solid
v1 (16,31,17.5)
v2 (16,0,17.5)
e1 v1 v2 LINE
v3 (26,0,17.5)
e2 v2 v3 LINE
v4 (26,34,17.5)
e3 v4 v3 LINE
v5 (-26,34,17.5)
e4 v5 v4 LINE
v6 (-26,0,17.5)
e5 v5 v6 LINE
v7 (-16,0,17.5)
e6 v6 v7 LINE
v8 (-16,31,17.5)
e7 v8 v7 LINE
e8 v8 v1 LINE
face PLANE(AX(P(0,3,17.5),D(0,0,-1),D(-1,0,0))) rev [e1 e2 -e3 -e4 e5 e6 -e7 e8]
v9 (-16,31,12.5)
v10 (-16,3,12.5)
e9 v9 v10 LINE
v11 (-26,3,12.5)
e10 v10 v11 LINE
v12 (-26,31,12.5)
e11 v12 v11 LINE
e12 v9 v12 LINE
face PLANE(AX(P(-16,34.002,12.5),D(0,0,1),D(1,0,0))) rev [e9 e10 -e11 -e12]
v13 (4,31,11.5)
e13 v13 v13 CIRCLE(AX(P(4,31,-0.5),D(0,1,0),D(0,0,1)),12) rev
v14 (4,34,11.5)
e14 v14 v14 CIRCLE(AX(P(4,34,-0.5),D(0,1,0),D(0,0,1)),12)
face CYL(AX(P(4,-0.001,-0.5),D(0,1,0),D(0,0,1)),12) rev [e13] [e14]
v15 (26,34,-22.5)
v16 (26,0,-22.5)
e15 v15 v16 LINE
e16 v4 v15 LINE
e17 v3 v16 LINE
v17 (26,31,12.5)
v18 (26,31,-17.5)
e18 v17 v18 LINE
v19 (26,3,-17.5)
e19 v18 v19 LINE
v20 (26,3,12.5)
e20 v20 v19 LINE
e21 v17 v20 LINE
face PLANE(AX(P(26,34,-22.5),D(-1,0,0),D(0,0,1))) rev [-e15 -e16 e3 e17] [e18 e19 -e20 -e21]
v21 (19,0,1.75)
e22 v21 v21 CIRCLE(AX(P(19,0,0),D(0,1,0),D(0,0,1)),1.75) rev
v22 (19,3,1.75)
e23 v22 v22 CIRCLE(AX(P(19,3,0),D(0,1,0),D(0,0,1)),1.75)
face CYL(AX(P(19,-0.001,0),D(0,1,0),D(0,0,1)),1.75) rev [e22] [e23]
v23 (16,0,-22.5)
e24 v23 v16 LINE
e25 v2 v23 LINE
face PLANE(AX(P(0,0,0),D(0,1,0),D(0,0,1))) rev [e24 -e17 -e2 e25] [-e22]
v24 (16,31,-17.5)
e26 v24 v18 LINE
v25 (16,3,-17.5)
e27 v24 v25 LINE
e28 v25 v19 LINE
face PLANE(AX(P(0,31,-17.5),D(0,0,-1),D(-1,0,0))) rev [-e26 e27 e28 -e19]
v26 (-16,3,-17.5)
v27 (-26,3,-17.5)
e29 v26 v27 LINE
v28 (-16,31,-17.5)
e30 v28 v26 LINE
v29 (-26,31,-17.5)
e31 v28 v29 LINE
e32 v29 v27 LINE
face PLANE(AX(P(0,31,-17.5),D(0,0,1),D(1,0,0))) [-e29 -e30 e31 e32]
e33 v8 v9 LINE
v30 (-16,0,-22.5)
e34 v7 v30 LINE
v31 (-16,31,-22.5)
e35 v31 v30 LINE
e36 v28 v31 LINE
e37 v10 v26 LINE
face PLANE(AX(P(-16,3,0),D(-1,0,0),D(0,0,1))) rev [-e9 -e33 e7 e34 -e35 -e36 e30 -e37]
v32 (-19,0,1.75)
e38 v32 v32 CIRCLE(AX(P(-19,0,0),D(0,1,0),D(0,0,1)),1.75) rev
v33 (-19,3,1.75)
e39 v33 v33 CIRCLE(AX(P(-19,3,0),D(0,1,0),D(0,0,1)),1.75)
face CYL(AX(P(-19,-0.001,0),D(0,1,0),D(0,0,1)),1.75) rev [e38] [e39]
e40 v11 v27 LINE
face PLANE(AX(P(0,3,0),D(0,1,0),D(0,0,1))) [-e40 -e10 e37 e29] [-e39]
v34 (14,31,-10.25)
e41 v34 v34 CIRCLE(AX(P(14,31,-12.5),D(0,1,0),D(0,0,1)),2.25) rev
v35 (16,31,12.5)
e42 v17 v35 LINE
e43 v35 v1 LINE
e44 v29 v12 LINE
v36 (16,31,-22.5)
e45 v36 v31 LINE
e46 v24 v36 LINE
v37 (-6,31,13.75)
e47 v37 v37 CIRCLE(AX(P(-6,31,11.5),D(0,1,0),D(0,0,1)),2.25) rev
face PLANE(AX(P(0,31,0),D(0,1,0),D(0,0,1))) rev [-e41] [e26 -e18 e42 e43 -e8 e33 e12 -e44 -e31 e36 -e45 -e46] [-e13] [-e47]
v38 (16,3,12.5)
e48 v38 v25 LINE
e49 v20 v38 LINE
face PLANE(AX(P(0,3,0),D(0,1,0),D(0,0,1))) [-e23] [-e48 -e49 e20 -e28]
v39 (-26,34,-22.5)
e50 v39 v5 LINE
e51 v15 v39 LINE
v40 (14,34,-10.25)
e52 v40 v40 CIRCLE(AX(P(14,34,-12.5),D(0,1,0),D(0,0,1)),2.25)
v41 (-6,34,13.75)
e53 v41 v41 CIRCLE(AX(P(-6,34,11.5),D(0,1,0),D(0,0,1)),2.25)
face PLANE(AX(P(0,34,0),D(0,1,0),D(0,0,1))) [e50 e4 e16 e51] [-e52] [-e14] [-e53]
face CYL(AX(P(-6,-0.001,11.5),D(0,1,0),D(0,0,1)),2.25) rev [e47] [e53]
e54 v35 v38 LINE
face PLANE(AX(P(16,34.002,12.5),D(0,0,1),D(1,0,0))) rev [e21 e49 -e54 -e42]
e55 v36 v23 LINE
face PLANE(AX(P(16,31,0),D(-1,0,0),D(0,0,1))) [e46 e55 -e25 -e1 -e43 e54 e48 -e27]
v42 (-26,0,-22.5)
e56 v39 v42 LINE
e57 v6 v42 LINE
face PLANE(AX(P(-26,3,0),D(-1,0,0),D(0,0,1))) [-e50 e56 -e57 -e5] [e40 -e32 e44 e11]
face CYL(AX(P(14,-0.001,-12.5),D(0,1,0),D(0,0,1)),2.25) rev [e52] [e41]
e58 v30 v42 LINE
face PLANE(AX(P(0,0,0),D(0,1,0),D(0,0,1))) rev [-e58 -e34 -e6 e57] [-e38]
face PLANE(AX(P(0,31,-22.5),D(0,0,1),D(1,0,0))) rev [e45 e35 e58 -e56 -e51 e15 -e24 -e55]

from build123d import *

# Parameters (mm, degrees)
SKETCH1_W             = 10
SKETCH1_H             = 35
BOSS_EXTRUDE1_DEPTH   = 3
BOSS_EXTRUDE1_2_DEPTH = 3
SKETCH1_3_W           = 10
SKETCH1_3_H           = 5
BOSS_EXTRUDE2_DEPTH   = 31
SKETCH7_W             = 52
SKETCH7_H             = 40
BOSS_EXTRUDE3_DEPTH   = 3
SKETCH8_R             = 12
SKETCH8_R_2           = 2.25
CUT_EXTRUDE4_DEPTH    = 3
SKETCH10_R            = 1.75
CUT_EXTRUDE5_DEPTH    = 3
SKETCH11_W            = 10
SKETCH11_H            = 5
BOSS_EXTRUDE4_DEPTH   = 28


with BuildPart() as part:
    # Sketch1 → Boss-Extrude1 (new body)
    with BuildSketch(Plane(origin=(0, 0, 0), x_dir=(1, 0, 0), z_dir=(0, 1, 0))):
        with Locations((21, 0)):
            Rectangle(SKETCH1_W, SKETCH1_H)
    extrude(amount=BOSS_EXTRUDE1_DEPTH)


with BuildPart() as body_2:
    # Sketch1 → Boss-Extrude1 2 (new body)
    with BuildSketch(Plane(origin=(0, 0, 0), x_dir=(1, 0, 0), z_dir=(0, 1, 0))):
        with Locations((-21, 0)):
            Rectangle(SKETCH1_W, SKETCH1_H)
    extrude(amount=BOSS_EXTRUDE1_2_DEPTH)

    # Sketch1<3> → Boss-Extrude2 (add)
    with BuildSketch(Plane(origin=(0, 0, 0), x_dir=(1, 0, 0), z_dir=(0, 1, 0))):
        with Locations((-21, 20)):
            Rectangle(SKETCH1_3_W, SKETCH1_3_H)
        with Locations((21, 20)):
            Rectangle(SKETCH1_3_W, SKETCH1_3_H)
    extrude(amount=BOSS_EXTRUDE2_DEPTH)

    # Sketch7 → Boss-Extrude3 (add)
    with BuildSketch(Plane(origin=(0, 31, 0), x_dir=(1, 0, 0), z_dir=(0, 1, 0))):
        with Locations((0, 2.5)):
            Rectangle(SKETCH7_W, SKETCH7_H)
    extrude(amount=BOSS_EXTRUDE3_DEPTH)

    # Sketch8 → Cut-Extrude4 (cut)
    with BuildSketch(Plane(origin=(0, 34, 0), x_dir=(1, 0, 0), z_dir=(0, 1, 0))):
        with Locations((4, 0.5)):
            Circle(SKETCH8_R)
        with Locations((-6, -11.5)):
            Circle(SKETCH8_R_2)
        with Locations((14, 12.5)):
            Circle(SKETCH8_R_2)
    extrude(amount=-CUT_EXTRUDE4_DEPTH, mode=Mode.SUBTRACT)


with BuildPart() as cut_extrude5_tool:
    # Sketch10 → Cut-Extrude5 (new body)
    with BuildSketch(Plane(origin=(0, 3, 0), x_dir=(1, 0, 0), z_dir=(0, 1, 0))):
        with Locations((-19, 0)):
            Circle(SKETCH10_R)
        with Locations((19, 0)):
            Circle(SKETCH10_R)
    extrude(amount=-CUT_EXTRUDE5_DEPTH)


with BuildPart() as part_1:
    add(part.part)

    # Cut-Extrude5: cut by cut_extrude5_tool
    add(cut_extrude5_tool.part, mode=Mode.SUBTRACT)



with BuildPart() as body_2_1:
    add(body_2.part)

    # Cut-Extrude5: cut by cut_extrude5_tool
    add(cut_extrude5_tool.part, mode=Mode.SUBTRACT)


with BuildPart() as part_2:
    add(part_1.part)

    add(body_2_1.part)  # Boss-Extrude4 merges body 2
    # Sketch11 → Boss-Extrude4 (add)
    with BuildSketch(Plane(origin=(0, 3, 0), x_dir=(1, 0, 0), z_dir=(0, 1, 0))):
        with Locations((-21, -15)):
            Rectangle(SKETCH11_W, SKETCH11_H)
        with Locations((21, -15)):
            Rectangle(SKETCH11_W, SKETCH11_H)
    extrude(amount=BOSS_EXTRUDE4_DEPTH)


solid = part_2.part
